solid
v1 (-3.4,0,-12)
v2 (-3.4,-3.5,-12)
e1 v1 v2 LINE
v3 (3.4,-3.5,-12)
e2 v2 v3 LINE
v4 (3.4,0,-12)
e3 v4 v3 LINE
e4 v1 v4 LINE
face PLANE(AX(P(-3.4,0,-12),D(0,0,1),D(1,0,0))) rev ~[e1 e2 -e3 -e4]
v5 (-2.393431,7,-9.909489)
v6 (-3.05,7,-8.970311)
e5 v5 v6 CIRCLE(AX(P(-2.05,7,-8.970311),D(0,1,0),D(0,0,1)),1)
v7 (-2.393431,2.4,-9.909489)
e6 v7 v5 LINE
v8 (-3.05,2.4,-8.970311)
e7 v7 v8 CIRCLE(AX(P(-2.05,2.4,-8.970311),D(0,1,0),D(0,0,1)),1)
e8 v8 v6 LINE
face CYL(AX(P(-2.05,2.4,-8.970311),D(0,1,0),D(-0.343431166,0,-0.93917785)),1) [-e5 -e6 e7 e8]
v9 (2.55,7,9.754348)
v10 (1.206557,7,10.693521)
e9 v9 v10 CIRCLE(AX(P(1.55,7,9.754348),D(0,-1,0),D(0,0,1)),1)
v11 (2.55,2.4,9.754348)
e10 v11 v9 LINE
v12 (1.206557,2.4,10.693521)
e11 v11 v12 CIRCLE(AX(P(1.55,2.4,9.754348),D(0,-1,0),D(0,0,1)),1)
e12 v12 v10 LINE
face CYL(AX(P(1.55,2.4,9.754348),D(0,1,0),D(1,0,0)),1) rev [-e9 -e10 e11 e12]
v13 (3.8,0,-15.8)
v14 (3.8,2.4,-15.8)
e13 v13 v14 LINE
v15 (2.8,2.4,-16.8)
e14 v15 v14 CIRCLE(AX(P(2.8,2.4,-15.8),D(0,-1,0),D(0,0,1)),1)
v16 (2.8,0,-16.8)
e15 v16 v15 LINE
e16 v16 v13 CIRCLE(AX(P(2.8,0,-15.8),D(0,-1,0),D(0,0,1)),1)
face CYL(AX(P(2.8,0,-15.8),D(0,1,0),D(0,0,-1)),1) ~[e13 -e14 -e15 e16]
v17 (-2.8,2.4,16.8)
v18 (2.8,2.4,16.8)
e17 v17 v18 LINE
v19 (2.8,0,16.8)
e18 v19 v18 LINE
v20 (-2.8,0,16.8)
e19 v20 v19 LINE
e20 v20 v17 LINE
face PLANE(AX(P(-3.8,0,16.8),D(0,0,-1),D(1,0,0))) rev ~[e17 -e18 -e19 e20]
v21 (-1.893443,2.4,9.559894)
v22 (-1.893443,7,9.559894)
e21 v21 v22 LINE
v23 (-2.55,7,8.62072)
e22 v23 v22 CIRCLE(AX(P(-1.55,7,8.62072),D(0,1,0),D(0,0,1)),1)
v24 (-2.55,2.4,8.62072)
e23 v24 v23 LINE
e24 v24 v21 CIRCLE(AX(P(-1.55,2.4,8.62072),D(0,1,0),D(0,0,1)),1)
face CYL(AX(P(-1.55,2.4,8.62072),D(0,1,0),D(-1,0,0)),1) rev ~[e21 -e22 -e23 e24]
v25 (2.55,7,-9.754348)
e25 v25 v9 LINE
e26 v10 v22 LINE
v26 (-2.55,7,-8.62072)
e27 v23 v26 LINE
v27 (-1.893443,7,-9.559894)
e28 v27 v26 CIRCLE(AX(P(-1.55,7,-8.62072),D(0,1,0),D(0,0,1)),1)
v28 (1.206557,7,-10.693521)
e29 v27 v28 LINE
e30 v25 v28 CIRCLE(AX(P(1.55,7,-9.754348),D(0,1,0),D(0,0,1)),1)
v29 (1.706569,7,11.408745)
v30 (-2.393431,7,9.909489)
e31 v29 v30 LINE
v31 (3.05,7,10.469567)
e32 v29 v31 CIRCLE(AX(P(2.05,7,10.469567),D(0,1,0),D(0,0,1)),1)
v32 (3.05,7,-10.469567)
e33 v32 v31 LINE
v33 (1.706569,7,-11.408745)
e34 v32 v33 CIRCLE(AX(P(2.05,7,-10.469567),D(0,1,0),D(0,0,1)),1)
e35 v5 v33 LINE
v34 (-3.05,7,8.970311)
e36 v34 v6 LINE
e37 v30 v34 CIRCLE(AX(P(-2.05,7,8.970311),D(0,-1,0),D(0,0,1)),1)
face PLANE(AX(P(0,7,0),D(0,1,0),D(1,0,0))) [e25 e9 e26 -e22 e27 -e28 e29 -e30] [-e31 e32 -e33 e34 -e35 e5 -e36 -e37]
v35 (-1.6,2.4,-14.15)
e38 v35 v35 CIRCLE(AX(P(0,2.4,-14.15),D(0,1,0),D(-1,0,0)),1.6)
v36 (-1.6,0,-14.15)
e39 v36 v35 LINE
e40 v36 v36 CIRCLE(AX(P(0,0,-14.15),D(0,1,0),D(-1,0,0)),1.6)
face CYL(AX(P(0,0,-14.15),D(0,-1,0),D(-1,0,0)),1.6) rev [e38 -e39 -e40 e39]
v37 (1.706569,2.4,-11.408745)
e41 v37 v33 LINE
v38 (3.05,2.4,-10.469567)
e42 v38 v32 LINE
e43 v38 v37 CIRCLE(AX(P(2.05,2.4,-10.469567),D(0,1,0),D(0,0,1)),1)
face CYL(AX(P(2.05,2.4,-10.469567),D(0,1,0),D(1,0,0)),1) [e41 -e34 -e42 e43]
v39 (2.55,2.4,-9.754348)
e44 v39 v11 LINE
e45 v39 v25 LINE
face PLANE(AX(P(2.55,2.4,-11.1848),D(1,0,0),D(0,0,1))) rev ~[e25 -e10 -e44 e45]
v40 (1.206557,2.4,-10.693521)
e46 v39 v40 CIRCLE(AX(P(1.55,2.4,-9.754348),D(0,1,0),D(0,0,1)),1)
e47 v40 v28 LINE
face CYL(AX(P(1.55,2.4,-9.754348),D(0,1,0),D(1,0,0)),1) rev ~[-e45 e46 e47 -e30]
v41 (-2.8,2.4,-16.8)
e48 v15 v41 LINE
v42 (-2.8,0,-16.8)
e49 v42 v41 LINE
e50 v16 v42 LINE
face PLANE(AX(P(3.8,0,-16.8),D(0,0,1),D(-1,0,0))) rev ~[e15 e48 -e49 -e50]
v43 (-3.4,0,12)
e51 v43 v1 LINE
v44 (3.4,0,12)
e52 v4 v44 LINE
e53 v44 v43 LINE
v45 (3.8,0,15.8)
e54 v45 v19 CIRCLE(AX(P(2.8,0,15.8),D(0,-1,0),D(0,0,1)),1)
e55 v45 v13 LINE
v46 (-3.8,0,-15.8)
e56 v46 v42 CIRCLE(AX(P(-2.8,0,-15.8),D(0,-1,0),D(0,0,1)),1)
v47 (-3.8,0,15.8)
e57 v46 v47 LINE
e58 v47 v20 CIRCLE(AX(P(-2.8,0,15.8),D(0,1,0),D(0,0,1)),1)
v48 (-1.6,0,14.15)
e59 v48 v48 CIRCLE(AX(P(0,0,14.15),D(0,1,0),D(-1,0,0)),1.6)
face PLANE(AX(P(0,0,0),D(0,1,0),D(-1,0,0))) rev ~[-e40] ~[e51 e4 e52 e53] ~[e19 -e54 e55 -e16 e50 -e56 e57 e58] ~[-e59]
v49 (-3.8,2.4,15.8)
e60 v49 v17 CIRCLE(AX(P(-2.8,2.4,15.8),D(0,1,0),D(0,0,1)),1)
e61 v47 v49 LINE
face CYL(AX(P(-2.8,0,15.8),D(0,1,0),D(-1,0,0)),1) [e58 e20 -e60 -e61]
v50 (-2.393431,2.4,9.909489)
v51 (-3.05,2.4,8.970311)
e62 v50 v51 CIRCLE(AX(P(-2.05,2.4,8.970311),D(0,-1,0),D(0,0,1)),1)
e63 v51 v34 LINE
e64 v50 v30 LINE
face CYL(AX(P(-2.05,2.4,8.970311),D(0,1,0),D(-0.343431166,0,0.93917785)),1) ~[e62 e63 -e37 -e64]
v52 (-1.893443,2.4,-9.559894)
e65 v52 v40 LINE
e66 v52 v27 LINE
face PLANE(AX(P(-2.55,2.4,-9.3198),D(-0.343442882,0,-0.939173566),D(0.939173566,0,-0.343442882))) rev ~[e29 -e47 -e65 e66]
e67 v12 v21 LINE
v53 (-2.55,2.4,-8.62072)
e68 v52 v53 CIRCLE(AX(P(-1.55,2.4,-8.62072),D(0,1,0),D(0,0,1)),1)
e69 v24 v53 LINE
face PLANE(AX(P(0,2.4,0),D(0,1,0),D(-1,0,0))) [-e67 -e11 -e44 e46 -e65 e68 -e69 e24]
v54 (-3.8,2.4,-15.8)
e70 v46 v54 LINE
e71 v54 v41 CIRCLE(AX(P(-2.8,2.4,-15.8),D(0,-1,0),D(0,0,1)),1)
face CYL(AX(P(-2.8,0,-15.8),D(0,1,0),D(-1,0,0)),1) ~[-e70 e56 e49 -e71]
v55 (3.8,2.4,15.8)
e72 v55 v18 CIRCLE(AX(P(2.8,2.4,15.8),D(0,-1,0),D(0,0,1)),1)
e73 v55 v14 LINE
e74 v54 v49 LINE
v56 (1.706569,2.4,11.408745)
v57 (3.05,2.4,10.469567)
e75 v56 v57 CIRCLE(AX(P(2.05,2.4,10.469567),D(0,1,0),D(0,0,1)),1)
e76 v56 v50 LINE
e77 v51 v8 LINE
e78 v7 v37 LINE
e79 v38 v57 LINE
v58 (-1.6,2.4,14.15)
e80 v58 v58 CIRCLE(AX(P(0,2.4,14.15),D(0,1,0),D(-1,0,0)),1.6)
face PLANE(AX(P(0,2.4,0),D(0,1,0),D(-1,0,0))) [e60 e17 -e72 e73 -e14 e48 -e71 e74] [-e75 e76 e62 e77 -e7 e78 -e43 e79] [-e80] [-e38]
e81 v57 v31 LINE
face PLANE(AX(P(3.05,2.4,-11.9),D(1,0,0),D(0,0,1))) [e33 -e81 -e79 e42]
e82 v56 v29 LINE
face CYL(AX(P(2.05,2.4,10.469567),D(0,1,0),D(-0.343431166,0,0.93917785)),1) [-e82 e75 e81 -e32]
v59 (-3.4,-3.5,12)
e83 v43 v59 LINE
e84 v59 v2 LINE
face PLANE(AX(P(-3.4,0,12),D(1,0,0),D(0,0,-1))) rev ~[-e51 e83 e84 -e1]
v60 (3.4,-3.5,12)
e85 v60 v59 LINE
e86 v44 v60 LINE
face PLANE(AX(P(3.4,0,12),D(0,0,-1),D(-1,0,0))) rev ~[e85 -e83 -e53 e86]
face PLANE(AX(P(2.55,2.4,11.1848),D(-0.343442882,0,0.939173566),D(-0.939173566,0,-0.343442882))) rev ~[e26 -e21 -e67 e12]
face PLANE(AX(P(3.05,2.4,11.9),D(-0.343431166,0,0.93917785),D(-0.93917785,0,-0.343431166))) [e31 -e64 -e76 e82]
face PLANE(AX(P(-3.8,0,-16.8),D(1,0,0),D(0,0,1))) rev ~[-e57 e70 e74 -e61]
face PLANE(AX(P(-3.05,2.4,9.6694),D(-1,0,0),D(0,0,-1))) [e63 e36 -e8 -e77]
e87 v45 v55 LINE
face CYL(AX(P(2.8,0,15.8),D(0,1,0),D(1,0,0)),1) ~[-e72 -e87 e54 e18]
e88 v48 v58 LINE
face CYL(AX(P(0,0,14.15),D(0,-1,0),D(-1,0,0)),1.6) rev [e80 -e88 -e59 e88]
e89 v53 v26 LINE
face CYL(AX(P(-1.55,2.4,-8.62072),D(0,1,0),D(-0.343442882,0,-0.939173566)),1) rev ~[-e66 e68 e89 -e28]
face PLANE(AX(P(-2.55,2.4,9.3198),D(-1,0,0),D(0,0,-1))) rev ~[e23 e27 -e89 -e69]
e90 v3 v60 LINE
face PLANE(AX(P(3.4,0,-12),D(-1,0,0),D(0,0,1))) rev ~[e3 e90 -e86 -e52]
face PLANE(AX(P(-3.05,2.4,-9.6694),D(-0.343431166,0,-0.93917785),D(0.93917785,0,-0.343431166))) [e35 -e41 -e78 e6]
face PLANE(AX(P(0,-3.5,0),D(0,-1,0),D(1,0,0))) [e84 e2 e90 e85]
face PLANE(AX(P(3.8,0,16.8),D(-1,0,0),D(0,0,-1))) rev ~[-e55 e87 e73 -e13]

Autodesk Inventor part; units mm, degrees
ref_plane "YZ Plane" through (0, 0, 0) normal (1, 0, 0) x (0, 1, 0)
ref_plane "XZ Plane" through (0, 0, 0) normal (0, 1, 0) x (-1, 0, 0)
ref_plane "XY Plane" through (0, 0, 0) normal (0, 0, 1) x (1, 0, 0)
sketch "Sketch1" plane through (0, 0, 0) normal (0, 1, 0) x (-1, 0, 0)
  line L0 (3.8, 16.8) -> (-3.8, 16.8)
  line L1 (-3.8, 16.8) -> (-3.8, -16.8)
  line L2 (-3.8, -16.8) -> (3.8, -16.8)
  line L3 (3.8, -16.8) -> (3.8, 16.8)
  circle A0 centre (0, 14.15) radius 1.6
  circle A1 centre (0, -14.15) radius 1.6
  point P0 (0, 0)
  dimension "d0" = 33.6
  dimension "d1" = 7.6
  dimension "d2" = 16.8
  dimension "d3" = 3.8
  dimension "d4" = 3.2
  dimension "d5" = 3.2
  dimension "d6" = 28.3
  dimension "d7" = 14.15
extrude "Extrusion1" add sketch "Sketch1" along normal blind 2.4
fillet "Fillet1" radius 1 4 edges at (3.8, 1.2, 16.8) (-3.8, 1.2, 16.8) (3.8, 1.2, -16.8) (-3.8, 1.2, -16.8)
sketch "Sketch2" plane through (0, 2.4, 0) normal (0, 1, 0) x (1, 0, 0)
  line L0 (-3.05, -9.6694) -> (-3.05, 9.6694)
  line L1 (-3.05, 9.6694) -> (3.05, 11.9)
  line L2 (3.05, 11.9) -> (3.05, -11.9)
  line L3 (3.05, -11.9) -> (-3.05, -9.6694)
  line L4 (2.55, -11.1848) -> (-2.55, -9.3198)
  line L5 (-2.55, -9.3198) -> (-2.55, 9.3198)
  line L6 (-2.55, 9.3198) -> (2.55, 11.1848)
  line L7 (2.55, 11.1848) -> (2.55, -11.1848)
  point P0 (0, 0)
  dimension "d11" = 69.914
  dimension "d13" = 23.8
  dimension "d14" = 6.1
  dimension "d15" = 3.05
  dimension "d17" = 0.5
  dimension "d18" = 0.5
  dimension "d19" = 0.5
  dimension "d20" = 0.5
  dimension "d21" = 11.9
  dimension "d22" = 69.914
  dimension "d23" = 69.914
extrude "Extrusion2" add sketch "Sketch2" along normal blind 4.6
fillet "Fillet2" radius 1 8 edges at (-3.05, 4.7, -9.6694) (-3.05, 4.7, 9.6694) (3.05, 4.7, 11.9) (3.05, 4.7, -11.9) (-2.55, 4.7, -9.3198) (-2.55, 4.7, 9.3198) (2.55, 4.7, -11.1848) (2.55, 4.7, 11.1848)
sketch "Sketch3" plane through (0, 0, 0) normal (0, -1, 0) x (1, 0, 0)
  line L0 (3.4, 12) -> (-3.4, 12)
  line L1 (-3.4, 12) -> (-3.4, -12)
  line L2 (-3.4, -12) -> (3.4, -12)
  line L3 (3.4, -12) -> (3.4, 12)
  point P0 (0, 0)
  dimension "d27" = 24
  dimension "d28" = 6.8
  dimension "d29" = 12
  dimension "d30" = 3.4
extrude "Extrusion3" add sketch "Sketch3" along normal blind 3.5
equation "\"d2\" = 0.5 * d0"
equation "\"d3\" = 0.5 * d1"
equation "\"d5\" = d4"
equation "\"d7\" = 0.5 * d6"
equation "\"d15\" = 0.5 * d14"
equation "\"d21\" = 0.5 * d13"
equation "\"d22\" = d11"
equation "\"d29\" = 0.5 * d27"
equation "\"d30\" = 0.5 * d28"
properties part number "31pin female connector"
